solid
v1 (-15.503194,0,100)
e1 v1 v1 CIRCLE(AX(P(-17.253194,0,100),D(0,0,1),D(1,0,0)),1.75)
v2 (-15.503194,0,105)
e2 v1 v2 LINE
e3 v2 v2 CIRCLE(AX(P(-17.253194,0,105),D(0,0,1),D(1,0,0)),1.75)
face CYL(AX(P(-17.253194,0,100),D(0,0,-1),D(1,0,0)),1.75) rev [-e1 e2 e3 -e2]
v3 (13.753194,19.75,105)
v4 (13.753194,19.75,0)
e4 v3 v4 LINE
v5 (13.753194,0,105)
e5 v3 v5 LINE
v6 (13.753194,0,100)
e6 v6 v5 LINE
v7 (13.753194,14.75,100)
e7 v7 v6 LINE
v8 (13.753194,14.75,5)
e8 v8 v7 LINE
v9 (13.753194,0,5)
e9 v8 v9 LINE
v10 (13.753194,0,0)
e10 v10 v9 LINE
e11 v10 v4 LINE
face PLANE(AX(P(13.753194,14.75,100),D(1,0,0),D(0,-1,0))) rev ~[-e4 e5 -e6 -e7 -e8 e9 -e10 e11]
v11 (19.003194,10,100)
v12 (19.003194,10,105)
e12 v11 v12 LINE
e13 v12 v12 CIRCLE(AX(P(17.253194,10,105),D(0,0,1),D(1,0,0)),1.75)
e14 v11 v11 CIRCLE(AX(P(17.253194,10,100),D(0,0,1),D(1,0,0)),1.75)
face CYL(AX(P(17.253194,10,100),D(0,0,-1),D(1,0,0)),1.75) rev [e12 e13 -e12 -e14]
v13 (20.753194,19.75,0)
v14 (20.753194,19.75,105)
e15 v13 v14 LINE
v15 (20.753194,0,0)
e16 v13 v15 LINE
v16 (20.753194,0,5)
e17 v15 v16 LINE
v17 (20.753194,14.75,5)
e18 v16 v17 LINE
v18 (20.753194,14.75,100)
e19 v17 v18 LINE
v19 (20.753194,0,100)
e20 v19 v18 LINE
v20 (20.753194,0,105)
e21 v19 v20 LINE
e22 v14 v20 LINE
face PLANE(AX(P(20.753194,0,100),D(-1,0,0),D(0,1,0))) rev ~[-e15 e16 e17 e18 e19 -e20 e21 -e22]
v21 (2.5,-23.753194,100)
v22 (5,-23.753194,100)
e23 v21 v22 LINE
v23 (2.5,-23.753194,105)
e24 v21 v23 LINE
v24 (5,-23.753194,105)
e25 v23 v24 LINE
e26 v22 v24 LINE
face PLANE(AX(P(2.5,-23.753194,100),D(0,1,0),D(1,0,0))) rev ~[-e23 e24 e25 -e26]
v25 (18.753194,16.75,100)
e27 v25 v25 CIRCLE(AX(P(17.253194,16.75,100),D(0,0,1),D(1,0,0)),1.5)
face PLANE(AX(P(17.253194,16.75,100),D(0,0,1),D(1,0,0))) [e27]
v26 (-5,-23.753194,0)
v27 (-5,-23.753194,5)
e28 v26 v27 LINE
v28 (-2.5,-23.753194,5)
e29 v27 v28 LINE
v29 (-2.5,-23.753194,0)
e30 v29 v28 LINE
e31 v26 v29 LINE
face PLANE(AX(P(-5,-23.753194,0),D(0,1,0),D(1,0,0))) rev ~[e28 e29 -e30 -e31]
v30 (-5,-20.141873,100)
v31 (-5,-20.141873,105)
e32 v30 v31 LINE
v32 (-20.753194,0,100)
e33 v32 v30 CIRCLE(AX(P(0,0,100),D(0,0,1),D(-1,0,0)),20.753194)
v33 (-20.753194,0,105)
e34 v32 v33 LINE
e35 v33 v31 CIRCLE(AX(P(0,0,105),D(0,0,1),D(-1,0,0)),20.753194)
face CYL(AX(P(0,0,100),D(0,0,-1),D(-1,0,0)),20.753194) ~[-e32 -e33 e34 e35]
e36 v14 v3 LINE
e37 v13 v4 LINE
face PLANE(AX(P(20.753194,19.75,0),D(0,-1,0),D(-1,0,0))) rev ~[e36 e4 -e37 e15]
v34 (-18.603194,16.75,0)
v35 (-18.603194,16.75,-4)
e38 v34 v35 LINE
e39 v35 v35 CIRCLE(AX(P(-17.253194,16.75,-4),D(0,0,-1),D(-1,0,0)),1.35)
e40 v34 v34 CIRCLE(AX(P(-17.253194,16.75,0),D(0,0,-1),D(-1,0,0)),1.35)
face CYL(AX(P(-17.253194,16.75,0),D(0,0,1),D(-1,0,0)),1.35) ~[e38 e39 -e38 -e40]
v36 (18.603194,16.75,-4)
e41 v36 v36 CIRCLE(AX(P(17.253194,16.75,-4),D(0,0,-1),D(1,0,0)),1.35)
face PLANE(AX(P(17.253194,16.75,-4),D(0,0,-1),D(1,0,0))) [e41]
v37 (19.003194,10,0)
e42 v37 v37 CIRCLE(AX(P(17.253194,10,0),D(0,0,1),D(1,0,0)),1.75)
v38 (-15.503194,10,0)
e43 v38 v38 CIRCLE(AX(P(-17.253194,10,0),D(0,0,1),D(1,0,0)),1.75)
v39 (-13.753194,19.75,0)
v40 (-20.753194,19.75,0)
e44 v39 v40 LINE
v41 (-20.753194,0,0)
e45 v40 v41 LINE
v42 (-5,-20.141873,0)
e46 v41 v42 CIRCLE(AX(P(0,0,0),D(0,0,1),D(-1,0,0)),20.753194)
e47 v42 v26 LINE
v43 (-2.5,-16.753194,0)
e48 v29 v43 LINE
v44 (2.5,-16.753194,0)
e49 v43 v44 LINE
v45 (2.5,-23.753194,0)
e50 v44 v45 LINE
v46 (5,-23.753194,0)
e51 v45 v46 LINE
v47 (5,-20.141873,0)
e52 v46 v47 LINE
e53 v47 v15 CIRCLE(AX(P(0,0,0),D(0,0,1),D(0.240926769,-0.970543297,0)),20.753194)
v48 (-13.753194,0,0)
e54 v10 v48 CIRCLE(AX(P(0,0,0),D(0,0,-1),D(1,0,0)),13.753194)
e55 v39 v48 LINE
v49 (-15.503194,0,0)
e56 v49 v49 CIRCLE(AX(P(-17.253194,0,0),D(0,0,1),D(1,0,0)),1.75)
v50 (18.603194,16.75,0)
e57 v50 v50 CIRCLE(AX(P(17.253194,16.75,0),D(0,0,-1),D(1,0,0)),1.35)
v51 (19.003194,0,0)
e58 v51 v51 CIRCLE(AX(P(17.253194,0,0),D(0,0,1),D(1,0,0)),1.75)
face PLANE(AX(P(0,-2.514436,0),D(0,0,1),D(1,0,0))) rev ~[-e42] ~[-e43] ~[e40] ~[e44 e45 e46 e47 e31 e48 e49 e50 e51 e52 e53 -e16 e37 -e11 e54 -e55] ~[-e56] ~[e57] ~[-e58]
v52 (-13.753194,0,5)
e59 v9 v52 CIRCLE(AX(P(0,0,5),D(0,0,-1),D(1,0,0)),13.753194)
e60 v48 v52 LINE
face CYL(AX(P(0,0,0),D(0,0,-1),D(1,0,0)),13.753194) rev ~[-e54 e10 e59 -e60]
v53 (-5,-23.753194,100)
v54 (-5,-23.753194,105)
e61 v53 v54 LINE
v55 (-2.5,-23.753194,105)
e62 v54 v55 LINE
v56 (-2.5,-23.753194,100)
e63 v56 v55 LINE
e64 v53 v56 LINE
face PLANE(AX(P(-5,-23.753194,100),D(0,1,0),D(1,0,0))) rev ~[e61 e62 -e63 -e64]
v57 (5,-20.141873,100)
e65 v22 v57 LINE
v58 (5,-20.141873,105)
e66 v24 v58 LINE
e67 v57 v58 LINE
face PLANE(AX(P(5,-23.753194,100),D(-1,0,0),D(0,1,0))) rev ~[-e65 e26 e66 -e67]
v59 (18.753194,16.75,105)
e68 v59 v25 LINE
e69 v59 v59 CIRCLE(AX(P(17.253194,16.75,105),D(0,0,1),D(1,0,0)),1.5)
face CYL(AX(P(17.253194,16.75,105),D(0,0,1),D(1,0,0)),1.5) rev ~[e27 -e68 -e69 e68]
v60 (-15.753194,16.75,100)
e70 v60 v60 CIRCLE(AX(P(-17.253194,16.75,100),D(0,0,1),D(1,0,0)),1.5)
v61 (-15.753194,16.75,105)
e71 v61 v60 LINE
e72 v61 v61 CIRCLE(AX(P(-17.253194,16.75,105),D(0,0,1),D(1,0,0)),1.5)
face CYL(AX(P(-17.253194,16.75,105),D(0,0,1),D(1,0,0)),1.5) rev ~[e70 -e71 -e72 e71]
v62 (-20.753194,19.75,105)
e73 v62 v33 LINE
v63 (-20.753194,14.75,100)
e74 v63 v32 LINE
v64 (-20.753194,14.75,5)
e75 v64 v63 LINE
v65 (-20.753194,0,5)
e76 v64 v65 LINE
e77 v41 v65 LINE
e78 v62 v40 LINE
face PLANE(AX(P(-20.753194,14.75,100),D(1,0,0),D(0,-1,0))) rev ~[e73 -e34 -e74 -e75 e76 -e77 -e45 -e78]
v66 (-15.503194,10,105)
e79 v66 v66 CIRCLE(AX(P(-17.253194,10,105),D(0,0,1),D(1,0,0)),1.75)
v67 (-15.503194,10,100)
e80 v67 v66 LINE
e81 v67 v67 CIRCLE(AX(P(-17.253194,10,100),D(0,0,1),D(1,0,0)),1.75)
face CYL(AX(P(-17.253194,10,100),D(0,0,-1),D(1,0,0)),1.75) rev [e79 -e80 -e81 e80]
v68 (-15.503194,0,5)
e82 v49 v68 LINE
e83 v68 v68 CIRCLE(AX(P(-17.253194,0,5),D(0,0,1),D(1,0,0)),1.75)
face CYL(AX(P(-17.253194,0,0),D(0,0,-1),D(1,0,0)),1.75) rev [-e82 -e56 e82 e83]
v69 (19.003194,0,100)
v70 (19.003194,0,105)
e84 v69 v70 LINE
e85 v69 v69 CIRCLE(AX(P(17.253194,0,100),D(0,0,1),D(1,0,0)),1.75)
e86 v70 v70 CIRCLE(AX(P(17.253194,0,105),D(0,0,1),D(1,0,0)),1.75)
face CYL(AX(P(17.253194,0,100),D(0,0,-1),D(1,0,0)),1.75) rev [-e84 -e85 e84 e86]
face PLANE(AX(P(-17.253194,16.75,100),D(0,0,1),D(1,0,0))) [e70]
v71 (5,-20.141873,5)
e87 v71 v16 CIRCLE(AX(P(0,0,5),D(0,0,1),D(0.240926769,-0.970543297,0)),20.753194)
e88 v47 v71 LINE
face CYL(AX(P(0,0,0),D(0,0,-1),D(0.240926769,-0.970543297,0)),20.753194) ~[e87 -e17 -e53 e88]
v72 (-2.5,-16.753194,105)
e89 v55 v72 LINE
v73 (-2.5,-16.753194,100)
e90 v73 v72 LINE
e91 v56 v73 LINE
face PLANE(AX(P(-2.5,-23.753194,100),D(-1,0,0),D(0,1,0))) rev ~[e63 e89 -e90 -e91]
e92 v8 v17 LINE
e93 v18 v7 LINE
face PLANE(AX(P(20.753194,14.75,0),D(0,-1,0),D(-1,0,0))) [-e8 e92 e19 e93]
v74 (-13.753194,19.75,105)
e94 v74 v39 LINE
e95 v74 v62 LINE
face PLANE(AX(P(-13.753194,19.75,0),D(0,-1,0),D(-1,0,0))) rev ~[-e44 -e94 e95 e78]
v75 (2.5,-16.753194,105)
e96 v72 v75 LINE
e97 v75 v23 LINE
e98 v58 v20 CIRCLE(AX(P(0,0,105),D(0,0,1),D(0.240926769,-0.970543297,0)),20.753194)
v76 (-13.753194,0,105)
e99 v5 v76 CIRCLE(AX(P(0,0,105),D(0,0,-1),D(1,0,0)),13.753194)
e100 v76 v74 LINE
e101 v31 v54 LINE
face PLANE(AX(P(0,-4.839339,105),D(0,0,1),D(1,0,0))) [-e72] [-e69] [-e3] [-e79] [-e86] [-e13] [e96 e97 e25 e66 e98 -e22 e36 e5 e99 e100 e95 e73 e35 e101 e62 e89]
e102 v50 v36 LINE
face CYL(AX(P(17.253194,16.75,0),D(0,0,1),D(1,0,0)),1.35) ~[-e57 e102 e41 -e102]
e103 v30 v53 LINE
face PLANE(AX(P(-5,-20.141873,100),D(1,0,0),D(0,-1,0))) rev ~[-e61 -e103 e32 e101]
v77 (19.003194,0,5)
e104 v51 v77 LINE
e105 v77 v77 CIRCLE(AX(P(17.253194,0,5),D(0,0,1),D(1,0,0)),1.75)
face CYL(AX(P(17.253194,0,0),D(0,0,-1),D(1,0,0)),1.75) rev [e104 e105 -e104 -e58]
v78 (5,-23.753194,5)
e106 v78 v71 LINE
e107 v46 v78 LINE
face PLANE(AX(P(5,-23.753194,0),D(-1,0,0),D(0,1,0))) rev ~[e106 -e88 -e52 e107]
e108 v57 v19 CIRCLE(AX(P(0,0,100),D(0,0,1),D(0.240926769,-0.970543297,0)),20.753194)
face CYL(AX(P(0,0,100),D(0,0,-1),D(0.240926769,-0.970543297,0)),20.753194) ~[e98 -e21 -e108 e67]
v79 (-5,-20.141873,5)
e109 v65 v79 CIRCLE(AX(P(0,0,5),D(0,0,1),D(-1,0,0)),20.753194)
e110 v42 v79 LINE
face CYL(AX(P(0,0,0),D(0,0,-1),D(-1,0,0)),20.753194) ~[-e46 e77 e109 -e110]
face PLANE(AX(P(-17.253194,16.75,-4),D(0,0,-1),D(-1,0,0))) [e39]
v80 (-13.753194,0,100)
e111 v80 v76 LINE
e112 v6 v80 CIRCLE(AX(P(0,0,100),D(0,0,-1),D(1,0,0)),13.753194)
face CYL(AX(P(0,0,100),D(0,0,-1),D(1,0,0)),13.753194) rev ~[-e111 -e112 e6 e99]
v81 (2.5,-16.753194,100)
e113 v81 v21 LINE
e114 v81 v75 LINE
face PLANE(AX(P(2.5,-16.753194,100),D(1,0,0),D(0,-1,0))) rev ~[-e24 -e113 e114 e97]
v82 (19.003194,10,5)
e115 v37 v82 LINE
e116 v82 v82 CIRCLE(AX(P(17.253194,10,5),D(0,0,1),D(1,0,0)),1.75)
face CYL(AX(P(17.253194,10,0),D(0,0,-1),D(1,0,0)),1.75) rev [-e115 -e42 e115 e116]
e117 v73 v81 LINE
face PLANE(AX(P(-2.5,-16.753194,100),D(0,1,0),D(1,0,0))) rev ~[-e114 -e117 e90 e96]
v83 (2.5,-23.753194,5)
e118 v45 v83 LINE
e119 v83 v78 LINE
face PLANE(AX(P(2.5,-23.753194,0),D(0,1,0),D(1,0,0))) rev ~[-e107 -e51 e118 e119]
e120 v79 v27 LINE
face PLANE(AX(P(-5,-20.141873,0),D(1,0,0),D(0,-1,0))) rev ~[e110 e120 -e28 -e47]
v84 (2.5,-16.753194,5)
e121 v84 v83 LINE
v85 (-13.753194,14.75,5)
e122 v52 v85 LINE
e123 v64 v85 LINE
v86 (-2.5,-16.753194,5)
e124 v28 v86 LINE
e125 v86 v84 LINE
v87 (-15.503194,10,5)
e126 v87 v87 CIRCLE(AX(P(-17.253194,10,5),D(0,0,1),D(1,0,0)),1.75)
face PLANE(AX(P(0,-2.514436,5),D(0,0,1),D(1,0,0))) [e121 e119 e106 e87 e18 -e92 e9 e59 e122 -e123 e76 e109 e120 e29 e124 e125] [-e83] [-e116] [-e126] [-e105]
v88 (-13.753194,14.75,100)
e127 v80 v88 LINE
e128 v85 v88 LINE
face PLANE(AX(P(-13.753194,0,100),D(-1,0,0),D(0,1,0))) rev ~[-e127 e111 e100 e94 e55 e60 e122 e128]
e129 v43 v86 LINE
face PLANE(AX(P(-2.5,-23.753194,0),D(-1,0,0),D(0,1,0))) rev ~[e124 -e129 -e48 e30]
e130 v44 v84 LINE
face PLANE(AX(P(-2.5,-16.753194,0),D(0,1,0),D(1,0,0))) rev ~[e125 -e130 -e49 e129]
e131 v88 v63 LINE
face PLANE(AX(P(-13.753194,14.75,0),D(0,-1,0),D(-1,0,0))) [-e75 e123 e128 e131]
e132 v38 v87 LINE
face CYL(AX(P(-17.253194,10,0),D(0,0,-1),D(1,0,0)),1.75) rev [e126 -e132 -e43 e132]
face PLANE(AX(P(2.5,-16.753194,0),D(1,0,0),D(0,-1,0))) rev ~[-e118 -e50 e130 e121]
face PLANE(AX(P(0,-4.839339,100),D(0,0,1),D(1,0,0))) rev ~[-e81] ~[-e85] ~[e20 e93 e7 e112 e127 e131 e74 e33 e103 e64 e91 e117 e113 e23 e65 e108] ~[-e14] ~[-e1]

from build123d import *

# Parameters (mm, degrees)
SKETCH1_R           = 1.75
BOSS_EXTRUDE1_DEPTH = 5
SKETCH2_R           = 1.35
BOSS_EXTRUDE2_DEPTH = 4
SKETCH4_W           = 7
SKETCH4_H           = 5
BOSS_EXTRUDE3_DEPTH = 105
BOSS_EXTRUDE4_START = -5
SKETCH5_R           = 1.75
BOSS_EXTRUDE4_DEPTH = 5
SKETCH6_R           = 1.35
CUT_EXTRUDE1_DEPTH  = 5
SKETCH8_R           = 1.5
CUT_EXTRUDE3_DEPTH  = 5


with BuildPart() as part:
    # Sketch1 → Boss-Extrude1 (new body)
    with BuildSketch(Plane.XY):
        with BuildLine():
            Line((-20.753194099, 19.75), (-20.753194099, 0))
            ThreePointArc((-20.753194099, 0), (-16.34718685, -12.785325472), (-5, -20.141873431))
            Line((-5, -20.141873431), (-5, -23.753194099))
            Line((-5, -23.753194099), (-2.5, -23.753194099))
            Line((-2.5, -23.753194099), (-2.5, -16.753194099))
            Line((-2.5, -16.753194099), (2.5, -16.753194099))
            Line((2.5, -16.753194099), (2.5, -23.753194099))
            Line((2.5, -23.753194099), (5, -23.753194099))
            Line((5, -23.753194099), (5, -20.141873431))
            ThreePointArc((5, -20.141873431), (16.34718685, -12.785325472), (20.753194099, 0))
            Line((20.753194099, 0), (20.753194099, 19.75))
            Line((20.753194099, 19.75), (13.753194099, 19.75))
            Line((13.753194099, 19.75), (13.753194099, 0))
            ThreePointArc((13.753194099, 0), (0, -13.753194099), (-13.753194099, 0))
            Line((-13.753194099, 0), (-13.753194099, 19.75))
            Line((-13.753194099, 19.75), (-20.753194099, 19.75))
        make_face()
        with Locations((-17.253194099, 10)):
            Circle(SKETCH1_R, mode=Mode.SUBTRACT)
        with Locations((-17.253194099, 0)):
            Circle(SKETCH1_R, mode=Mode.SUBTRACT)
        with Locations((17.253194099, 0)):
            Circle(SKETCH1_R, mode=Mode.SUBTRACT)
        with Locations((17.253194099, 10)):
            Circle(SKETCH1_R, mode=Mode.SUBTRACT)
    extrude(amount=BOSS_EXTRUDE1_DEPTH)

    # Sketch2 → Boss-Extrude2 (add)
    with BuildSketch(Plane(origin=(0, 0, 0), x_dir=(-1, 0, 0), z_dir=(0, 0, -1))):
        with Locations((17.253194099, 16.75)):
            Circle(SKETCH2_R)
        with Locations(Location((-17.253194099, 16.75, 0), (0, 0, 180))):
            Circle(SKETCH2_R)
    extrude(amount=BOSS_EXTRUDE2_DEPTH)

    # Sketch4 → Boss-Extrude3 (add)
    with BuildSketch(Plane(origin=(0, 0, 0), x_dir=(-1, 0, 0), z_dir=(0, 0, -1))):
        with Locations((17.253194099, 17.25)):
            Rectangle(SKETCH4_W, SKETCH4_H)
        with Locations((-17.253194099, 17.25)):
            Rectangle(SKETCH4_W, SKETCH4_H)
    extrude(amount=-BOSS_EXTRUDE3_DEPTH)

    # Sketch5 → Boss-Extrude4 (add)
    with BuildSketch(Plane.XY.offset(105).offset(BOSS_EXTRUDE4_START)):
        with BuildLine():
            Line((20.753194099, 14.75), (13.753194099, 14.75))
            Line((13.753194099, 14.75), (13.753194099, 0))
            ThreePointArc((13.753194099, 0), (0, -13.753194099), (-13.753194099, 0))
            Line((-13.753194099, 0), (-13.753194099, 14.75))
            Line((-13.753194099, 14.75), (-20.753194099, 14.75))
            Line((-20.753194099, 14.75), (-20.753194099, 0))
            ThreePointArc((-20.753194099, 0), (-16.34718685, -12.785325472), (-5, -20.141873431))
            Line((-5, -20.141873431), (-5, -23.753194099))
            Line((-5, -23.753194099), (-2.5, -23.753194099))
            Line((-2.5, -23.753194099), (-2.5, -16.753194099))
            Line((-2.5, -16.753194099), (2.5, -16.753194099))
            Line((2.5, -16.753194099), (2.5, -23.753194099))
            Line((2.5, -23.753194099), (5, -23.753194099))
            Line((5, -23.753194099), (5, -20.141873431))
            ThreePointArc((5, -20.141873431), (16.34718685, -12.785325472), (20.753194099, 0))
            Line((20.753194099, 0), (20.753194099, 14.75))
        make_face()
        with Locations((17.253194099, 10)):
            Circle(SKETCH5_R, mode=Mode.SUBTRACT)
        with Locations((-17.253194099, 10)):
            Circle(SKETCH5_R, mode=Mode.SUBTRACT)
        with Locations((-17.253194099, 0)):
            Circle(SKETCH5_R, mode=Mode.SUBTRACT)
        with Locations((17.253194099, 0)):
            Circle(SKETCH5_R, mode=Mode.SUBTRACT)
    extrude(amount=BOSS_EXTRUDE4_DEPTH)

    # Sketch6 → Cut-Extrude1 (cut)
    with BuildSketch(Plane.XY.offset(105)):
        with Locations((17.253194099, 16.75)):
            Circle(SKETCH6_R)
        with Locations(Location((-17.253194099, 16.75, 0), (0, 0, 180))):
            Circle(SKETCH6_R)
    extrude(amount=-CUT_EXTRUDE1_DEPTH, mode=Mode.SUBTRACT)

    # Sketch8 → Cut-Extrude3 (cut)
    with BuildSketch(Plane.XY.offset(105)):
        with Locations((17.253194099, 16.75)):
            Circle(SKETCH8_R)
        with Locations((-17.253194099, 16.75)):
            Circle(SKETCH8_R)
    extrude(amount=-CUT_EXTRUDE3_DEPTH, mode=Mode.SUBTRACT)


solid = part.part
